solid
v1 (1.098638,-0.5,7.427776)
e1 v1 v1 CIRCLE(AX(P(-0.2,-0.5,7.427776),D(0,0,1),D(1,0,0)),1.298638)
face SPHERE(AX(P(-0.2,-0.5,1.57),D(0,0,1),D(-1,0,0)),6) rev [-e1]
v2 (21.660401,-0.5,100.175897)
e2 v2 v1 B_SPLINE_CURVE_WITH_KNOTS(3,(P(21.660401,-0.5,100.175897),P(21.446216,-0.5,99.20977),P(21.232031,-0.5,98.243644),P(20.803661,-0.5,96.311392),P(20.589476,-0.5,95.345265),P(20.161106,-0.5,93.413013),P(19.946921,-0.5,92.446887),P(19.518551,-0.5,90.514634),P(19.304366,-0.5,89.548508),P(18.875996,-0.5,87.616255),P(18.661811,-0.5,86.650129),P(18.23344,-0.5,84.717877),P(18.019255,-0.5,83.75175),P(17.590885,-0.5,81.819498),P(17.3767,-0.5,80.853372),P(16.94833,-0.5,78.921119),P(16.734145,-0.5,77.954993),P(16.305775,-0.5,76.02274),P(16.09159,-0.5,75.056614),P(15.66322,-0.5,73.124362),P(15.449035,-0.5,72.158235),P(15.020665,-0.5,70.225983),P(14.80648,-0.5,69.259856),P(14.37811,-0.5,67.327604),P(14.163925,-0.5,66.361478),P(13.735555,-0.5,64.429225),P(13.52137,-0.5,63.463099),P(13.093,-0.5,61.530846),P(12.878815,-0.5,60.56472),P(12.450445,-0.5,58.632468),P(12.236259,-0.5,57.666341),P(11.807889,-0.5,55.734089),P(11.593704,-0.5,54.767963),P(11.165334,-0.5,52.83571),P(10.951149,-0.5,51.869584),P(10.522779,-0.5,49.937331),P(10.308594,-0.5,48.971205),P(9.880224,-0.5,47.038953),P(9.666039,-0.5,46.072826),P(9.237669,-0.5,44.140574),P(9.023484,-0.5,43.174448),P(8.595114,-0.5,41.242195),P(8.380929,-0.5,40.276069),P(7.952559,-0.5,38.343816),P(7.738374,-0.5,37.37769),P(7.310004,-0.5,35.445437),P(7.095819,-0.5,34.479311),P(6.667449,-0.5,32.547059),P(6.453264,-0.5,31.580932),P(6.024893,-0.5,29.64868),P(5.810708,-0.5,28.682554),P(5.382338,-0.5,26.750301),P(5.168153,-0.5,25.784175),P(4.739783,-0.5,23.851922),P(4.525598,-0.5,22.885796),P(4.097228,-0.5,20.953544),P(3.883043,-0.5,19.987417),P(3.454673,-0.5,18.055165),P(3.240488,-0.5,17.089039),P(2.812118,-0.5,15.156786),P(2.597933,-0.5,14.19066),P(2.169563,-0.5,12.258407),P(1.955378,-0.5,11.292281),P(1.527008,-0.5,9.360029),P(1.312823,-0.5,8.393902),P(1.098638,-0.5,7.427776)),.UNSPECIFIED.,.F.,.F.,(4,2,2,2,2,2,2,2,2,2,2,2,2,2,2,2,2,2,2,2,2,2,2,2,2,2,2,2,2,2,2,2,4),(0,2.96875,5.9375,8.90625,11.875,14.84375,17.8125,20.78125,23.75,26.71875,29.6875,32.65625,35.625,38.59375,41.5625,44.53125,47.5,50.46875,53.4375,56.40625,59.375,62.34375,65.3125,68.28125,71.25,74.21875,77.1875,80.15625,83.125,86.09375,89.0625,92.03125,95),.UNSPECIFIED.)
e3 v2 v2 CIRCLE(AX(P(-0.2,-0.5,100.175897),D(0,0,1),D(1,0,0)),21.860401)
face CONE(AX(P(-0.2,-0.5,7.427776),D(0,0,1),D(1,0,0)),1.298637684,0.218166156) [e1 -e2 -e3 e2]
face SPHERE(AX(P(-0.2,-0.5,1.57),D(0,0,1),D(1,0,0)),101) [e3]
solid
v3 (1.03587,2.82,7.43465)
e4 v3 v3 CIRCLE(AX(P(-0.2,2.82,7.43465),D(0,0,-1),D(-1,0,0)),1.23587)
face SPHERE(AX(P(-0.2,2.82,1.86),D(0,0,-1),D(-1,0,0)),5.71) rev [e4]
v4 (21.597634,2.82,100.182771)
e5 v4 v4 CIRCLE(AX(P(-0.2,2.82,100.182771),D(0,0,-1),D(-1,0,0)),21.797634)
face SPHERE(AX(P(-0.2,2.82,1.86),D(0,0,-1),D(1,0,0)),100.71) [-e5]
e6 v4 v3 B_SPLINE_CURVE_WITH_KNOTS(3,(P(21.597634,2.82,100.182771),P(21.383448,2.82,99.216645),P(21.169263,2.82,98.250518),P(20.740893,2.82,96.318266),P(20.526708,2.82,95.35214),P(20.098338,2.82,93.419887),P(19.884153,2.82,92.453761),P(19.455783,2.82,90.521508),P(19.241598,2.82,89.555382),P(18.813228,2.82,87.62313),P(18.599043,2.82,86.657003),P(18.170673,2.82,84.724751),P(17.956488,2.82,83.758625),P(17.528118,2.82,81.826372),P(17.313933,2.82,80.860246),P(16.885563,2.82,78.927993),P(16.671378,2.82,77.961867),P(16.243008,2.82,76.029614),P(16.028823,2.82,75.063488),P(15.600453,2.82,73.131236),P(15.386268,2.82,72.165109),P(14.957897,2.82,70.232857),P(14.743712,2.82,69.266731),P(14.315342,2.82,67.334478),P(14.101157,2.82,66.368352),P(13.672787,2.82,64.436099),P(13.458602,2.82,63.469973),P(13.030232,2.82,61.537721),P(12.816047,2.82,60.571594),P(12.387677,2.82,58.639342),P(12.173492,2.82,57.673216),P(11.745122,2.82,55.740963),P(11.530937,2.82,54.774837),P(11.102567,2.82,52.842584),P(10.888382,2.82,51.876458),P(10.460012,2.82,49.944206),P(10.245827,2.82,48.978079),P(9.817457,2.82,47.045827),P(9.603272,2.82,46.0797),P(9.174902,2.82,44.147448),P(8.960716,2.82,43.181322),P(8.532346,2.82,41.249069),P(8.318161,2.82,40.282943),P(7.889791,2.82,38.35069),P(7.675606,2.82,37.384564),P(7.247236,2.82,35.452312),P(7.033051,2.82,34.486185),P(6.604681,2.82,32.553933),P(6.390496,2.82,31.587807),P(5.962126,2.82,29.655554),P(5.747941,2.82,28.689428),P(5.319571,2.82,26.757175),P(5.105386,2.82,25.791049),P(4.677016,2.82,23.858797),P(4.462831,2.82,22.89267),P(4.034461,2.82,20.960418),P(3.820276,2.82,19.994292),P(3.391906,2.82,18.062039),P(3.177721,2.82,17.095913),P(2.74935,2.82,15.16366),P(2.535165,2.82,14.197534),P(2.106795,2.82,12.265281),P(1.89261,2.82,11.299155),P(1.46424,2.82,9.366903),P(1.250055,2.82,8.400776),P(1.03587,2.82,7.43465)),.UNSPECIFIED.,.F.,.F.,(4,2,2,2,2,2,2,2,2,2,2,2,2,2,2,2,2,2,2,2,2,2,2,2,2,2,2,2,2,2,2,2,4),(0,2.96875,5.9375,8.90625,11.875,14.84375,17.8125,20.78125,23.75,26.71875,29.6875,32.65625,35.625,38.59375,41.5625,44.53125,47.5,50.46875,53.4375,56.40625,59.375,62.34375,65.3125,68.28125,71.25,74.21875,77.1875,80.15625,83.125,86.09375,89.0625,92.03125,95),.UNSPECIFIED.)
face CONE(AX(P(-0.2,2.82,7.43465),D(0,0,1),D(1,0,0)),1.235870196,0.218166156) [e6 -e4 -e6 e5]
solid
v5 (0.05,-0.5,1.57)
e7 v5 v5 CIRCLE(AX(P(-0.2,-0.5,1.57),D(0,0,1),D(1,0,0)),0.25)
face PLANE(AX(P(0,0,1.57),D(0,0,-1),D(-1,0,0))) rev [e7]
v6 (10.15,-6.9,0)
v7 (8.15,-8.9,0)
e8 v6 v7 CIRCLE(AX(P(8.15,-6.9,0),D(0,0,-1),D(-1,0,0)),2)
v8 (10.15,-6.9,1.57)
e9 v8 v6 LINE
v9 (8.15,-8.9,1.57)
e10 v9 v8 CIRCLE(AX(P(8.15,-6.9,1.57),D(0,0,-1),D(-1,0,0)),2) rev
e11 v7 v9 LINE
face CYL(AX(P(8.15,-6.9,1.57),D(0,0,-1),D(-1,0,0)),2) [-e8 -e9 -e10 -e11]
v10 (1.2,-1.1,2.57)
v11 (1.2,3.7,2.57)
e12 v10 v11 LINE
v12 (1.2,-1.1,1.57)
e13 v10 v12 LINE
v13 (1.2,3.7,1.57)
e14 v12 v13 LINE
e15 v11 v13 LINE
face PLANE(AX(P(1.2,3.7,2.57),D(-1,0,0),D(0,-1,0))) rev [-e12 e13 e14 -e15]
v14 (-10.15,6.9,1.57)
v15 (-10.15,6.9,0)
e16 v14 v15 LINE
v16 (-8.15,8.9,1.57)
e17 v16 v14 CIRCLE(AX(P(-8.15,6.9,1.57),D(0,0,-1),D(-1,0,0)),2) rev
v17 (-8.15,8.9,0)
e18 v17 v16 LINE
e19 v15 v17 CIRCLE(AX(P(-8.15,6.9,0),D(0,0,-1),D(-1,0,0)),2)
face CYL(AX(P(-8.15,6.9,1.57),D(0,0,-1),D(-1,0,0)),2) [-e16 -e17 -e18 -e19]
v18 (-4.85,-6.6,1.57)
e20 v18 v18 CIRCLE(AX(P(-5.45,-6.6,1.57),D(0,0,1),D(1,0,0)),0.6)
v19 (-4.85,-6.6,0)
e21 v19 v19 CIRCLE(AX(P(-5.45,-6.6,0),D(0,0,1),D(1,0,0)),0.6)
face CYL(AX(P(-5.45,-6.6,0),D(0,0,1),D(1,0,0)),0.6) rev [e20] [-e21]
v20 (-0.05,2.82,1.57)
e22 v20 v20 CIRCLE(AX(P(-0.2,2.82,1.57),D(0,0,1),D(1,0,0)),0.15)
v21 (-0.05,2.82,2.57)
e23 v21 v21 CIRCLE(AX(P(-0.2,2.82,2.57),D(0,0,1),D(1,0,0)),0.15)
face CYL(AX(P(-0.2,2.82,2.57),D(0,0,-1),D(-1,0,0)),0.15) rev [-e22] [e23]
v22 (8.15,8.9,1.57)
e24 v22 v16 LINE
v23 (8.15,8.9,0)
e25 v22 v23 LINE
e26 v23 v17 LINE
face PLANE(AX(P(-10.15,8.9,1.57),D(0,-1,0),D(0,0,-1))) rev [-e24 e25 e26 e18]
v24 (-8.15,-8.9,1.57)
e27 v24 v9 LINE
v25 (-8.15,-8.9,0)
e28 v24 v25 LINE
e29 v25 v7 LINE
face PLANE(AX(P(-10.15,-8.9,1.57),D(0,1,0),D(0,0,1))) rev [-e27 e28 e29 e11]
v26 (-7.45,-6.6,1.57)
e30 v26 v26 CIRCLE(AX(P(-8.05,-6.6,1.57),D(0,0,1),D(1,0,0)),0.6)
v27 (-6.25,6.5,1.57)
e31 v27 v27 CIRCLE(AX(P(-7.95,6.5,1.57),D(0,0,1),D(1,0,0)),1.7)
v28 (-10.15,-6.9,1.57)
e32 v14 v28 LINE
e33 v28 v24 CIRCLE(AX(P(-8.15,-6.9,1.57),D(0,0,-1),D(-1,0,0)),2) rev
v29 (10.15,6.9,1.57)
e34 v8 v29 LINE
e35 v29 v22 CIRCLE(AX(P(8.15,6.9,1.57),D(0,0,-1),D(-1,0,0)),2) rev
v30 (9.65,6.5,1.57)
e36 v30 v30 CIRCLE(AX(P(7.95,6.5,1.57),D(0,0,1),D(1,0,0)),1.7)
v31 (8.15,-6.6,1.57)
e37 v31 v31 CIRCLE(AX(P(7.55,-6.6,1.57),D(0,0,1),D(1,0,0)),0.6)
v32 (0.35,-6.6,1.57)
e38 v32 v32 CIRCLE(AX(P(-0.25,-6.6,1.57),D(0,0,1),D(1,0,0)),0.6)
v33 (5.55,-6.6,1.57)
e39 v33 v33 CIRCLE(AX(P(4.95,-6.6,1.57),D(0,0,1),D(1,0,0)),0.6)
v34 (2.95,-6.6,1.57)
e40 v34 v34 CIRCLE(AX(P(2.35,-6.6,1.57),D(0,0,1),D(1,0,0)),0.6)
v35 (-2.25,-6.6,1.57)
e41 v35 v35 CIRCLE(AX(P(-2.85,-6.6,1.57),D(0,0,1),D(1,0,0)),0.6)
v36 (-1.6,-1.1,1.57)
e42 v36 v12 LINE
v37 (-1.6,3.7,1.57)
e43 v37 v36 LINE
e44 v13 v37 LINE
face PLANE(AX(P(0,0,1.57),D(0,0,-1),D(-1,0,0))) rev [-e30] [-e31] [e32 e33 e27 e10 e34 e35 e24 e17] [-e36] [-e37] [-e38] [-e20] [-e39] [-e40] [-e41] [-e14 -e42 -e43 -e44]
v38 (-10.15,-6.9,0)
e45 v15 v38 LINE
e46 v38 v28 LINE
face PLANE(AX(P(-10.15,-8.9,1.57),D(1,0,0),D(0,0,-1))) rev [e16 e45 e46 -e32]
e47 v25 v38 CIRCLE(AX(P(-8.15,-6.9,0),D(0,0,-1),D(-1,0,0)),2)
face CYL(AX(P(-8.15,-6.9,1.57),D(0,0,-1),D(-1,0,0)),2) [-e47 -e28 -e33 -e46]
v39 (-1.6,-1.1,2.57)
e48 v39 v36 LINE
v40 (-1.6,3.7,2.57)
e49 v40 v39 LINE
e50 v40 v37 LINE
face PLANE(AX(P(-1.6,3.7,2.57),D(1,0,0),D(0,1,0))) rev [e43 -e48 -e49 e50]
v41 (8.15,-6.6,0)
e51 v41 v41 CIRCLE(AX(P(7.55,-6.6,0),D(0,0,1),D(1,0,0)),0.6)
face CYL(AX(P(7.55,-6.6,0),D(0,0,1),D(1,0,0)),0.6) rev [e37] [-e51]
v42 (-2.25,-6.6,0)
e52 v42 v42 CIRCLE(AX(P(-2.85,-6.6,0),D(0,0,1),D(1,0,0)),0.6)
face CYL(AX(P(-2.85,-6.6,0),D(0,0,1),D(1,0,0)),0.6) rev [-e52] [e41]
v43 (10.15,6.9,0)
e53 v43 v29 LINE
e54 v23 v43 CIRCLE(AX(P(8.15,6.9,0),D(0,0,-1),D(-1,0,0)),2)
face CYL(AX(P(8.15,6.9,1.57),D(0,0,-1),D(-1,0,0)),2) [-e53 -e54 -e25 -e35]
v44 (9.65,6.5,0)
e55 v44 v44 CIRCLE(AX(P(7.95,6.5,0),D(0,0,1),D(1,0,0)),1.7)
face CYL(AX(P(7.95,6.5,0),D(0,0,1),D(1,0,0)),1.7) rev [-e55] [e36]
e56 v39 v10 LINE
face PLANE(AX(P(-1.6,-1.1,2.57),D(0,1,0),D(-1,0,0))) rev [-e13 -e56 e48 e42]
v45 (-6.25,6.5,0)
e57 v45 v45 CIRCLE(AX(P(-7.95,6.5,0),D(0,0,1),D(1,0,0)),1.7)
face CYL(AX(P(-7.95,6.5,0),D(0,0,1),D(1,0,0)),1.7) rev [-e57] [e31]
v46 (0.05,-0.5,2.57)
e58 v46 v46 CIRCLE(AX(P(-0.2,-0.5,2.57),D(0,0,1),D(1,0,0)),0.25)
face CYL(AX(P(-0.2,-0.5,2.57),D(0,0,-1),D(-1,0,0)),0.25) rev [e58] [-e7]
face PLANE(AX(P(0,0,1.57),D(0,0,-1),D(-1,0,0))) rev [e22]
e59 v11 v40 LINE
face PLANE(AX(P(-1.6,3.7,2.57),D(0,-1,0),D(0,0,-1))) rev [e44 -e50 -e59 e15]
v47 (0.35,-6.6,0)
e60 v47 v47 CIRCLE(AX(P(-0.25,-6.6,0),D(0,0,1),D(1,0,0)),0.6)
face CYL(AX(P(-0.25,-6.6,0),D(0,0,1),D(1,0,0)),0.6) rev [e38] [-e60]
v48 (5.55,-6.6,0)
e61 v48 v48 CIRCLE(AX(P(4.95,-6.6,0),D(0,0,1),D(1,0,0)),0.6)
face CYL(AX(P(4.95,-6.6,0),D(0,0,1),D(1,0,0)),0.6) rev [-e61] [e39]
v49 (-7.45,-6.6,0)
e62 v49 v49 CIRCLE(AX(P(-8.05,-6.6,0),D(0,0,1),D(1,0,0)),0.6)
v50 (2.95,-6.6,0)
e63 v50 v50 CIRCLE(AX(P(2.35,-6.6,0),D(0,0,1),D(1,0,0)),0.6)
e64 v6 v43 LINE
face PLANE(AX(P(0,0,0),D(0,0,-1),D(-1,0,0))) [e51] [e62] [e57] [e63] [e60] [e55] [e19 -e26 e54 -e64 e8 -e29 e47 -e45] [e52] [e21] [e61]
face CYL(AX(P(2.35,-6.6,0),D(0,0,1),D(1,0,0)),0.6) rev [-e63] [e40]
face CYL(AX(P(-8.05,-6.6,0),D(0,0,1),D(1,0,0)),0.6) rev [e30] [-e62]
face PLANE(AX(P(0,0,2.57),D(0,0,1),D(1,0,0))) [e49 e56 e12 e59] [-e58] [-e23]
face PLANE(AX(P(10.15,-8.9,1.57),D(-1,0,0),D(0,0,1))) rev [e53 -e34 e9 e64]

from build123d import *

# Parameters (mm, degrees)
SKETCH1_W           = 20.3
SKETCH1_H           = 17.8
BOSS_EXTRUDE1_DEPTH = 1.57
FILLET1_R           = 2
SKETCH2_R           = 1.7
SKETCH2_R_2         = 0.6
CUT_EXTRUDE1_DEPTH  = 14.590342159
SKETCH3_W           = 2.8
SKETCH3_H           = 4.8
SKETCH3_R           = 0.25
SKETCH3_R_2         = 0.15
BOSS_EXTRUDE2_DEPTH = 1


with BuildPart() as part:
    # Sketch1 → Boss-Extrude1 (new body)
    with BuildSketch(Plane.XY):
        Rectangle(SKETCH1_W, SKETCH1_H)
    extrude(amount=BOSS_EXTRUDE1_DEPTH)

    # Fillet1
    fillet1_edges = [part.edges().sort_by_distance(p)[0] for p in [
        (10.15, -8.9, 0.785),
        (-10.15, -8.9, 0.785),
        (-10.15, 8.9, 0.785),
        (10.15, 8.9, 0.785),
    ]]
    fillet(fillet1_edges, radius=FILLET1_R)

    # Sketch2 → Cut-Extrude1 (cut, through all)
    with BuildSketch(Plane.XY.offset(1.57)):
        with Locations((-7.95, 6.5)):
            Circle(SKETCH2_R)
        with Locations((7.95, 6.5)):
            Circle(SKETCH2_R)
        with Locations((-8.05, -6.6)):
            Circle(SKETCH2_R_2)
        with Locations((-5.45, -6.6)):
            Circle(SKETCH2_R_2)
        with Locations((-2.85, -6.6)):
            Circle(SKETCH2_R_2)
        with Locations((-0.25, -6.6)):
            Circle(SKETCH2_R_2)
        with Locations((2.35, -6.6)):
            Circle(SKETCH2_R_2)
        with Locations((4.95, -6.6)):
            Circle(SKETCH2_R_2)
        with Locations((7.55, -6.6)):
            Circle(SKETCH2_R_2)
    extrude(amount=-CUT_EXTRUDE1_DEPTH, mode=Mode.SUBTRACT)

    # Sketch3 → Boss-Extrude2 (add)
    with BuildSketch(Plane.XY.offset(1.57)):
        with Locations((-0.2, 1.3)):
            Rectangle(SKETCH3_W, SKETCH3_H)
        with Locations((-0.2, -0.5)):
            Circle(SKETCH3_R, mode=Mode.SUBTRACT)
        with Locations((-0.2, 2.82)):
            Circle(SKETCH3_R_2, mode=Mode.SUBTRACT)
    extrude(amount=BOSS_EXTRUDE2_DEPTH)


with BuildPart() as body_2:
    # Sketch4 → Revolve1 (revolve)
    with BuildSketch(Plane(origin=(0, 2.82, 0), x_dir=(1, 0, 0), z_dir=(0, 1, 0))):
        with BuildLine():
            Line((21.59763352, -100.182770877), (1.035870196, -7.434650201))
            ThreePointArc((1.035870196, -7.434650201), (0.421629855, -7.536061691), (-0.2, -7.57))
            Line((-0.2, -7.57), (-0.2, -102.57))
            ThreePointArc((-0.2, -102.57), (10.763982966, -101.971413822), (21.59763352, -100.182770877))
        make_face()
    revolve(axis=Axis((-0.2, 2.82, 1.86), (0, 0, 1)))


with BuildPart() as body_3:
    # Sketch5 → Revolve2 (revolve)
    with BuildSketch(Plane(origin=(0, -0.5, 0), x_dir=(1, 0, 0), z_dir=(0, 1, 0))):
        with BuildLine():
            ThreePointArc((1.098637684, -7.427776043), (0.453201249, -7.534338029), (-0.2, -7.57))
            Line((-0.2, -7.57), (-0.2, -102.57))
            ThreePointArc((-0.2, -102.57), (10.79555436, -101.96969016), (21.660401008, -100.175896719))
            Line((21.660401008, -100.175896719), (1.098637684, -7.427776043))
        make_face()
    revolve(axis=Axis((-0.2, -0.5, 18.500846939), (0, 0, -1)))


solid = Compound([part.part, body_2.part, body_3.part])
